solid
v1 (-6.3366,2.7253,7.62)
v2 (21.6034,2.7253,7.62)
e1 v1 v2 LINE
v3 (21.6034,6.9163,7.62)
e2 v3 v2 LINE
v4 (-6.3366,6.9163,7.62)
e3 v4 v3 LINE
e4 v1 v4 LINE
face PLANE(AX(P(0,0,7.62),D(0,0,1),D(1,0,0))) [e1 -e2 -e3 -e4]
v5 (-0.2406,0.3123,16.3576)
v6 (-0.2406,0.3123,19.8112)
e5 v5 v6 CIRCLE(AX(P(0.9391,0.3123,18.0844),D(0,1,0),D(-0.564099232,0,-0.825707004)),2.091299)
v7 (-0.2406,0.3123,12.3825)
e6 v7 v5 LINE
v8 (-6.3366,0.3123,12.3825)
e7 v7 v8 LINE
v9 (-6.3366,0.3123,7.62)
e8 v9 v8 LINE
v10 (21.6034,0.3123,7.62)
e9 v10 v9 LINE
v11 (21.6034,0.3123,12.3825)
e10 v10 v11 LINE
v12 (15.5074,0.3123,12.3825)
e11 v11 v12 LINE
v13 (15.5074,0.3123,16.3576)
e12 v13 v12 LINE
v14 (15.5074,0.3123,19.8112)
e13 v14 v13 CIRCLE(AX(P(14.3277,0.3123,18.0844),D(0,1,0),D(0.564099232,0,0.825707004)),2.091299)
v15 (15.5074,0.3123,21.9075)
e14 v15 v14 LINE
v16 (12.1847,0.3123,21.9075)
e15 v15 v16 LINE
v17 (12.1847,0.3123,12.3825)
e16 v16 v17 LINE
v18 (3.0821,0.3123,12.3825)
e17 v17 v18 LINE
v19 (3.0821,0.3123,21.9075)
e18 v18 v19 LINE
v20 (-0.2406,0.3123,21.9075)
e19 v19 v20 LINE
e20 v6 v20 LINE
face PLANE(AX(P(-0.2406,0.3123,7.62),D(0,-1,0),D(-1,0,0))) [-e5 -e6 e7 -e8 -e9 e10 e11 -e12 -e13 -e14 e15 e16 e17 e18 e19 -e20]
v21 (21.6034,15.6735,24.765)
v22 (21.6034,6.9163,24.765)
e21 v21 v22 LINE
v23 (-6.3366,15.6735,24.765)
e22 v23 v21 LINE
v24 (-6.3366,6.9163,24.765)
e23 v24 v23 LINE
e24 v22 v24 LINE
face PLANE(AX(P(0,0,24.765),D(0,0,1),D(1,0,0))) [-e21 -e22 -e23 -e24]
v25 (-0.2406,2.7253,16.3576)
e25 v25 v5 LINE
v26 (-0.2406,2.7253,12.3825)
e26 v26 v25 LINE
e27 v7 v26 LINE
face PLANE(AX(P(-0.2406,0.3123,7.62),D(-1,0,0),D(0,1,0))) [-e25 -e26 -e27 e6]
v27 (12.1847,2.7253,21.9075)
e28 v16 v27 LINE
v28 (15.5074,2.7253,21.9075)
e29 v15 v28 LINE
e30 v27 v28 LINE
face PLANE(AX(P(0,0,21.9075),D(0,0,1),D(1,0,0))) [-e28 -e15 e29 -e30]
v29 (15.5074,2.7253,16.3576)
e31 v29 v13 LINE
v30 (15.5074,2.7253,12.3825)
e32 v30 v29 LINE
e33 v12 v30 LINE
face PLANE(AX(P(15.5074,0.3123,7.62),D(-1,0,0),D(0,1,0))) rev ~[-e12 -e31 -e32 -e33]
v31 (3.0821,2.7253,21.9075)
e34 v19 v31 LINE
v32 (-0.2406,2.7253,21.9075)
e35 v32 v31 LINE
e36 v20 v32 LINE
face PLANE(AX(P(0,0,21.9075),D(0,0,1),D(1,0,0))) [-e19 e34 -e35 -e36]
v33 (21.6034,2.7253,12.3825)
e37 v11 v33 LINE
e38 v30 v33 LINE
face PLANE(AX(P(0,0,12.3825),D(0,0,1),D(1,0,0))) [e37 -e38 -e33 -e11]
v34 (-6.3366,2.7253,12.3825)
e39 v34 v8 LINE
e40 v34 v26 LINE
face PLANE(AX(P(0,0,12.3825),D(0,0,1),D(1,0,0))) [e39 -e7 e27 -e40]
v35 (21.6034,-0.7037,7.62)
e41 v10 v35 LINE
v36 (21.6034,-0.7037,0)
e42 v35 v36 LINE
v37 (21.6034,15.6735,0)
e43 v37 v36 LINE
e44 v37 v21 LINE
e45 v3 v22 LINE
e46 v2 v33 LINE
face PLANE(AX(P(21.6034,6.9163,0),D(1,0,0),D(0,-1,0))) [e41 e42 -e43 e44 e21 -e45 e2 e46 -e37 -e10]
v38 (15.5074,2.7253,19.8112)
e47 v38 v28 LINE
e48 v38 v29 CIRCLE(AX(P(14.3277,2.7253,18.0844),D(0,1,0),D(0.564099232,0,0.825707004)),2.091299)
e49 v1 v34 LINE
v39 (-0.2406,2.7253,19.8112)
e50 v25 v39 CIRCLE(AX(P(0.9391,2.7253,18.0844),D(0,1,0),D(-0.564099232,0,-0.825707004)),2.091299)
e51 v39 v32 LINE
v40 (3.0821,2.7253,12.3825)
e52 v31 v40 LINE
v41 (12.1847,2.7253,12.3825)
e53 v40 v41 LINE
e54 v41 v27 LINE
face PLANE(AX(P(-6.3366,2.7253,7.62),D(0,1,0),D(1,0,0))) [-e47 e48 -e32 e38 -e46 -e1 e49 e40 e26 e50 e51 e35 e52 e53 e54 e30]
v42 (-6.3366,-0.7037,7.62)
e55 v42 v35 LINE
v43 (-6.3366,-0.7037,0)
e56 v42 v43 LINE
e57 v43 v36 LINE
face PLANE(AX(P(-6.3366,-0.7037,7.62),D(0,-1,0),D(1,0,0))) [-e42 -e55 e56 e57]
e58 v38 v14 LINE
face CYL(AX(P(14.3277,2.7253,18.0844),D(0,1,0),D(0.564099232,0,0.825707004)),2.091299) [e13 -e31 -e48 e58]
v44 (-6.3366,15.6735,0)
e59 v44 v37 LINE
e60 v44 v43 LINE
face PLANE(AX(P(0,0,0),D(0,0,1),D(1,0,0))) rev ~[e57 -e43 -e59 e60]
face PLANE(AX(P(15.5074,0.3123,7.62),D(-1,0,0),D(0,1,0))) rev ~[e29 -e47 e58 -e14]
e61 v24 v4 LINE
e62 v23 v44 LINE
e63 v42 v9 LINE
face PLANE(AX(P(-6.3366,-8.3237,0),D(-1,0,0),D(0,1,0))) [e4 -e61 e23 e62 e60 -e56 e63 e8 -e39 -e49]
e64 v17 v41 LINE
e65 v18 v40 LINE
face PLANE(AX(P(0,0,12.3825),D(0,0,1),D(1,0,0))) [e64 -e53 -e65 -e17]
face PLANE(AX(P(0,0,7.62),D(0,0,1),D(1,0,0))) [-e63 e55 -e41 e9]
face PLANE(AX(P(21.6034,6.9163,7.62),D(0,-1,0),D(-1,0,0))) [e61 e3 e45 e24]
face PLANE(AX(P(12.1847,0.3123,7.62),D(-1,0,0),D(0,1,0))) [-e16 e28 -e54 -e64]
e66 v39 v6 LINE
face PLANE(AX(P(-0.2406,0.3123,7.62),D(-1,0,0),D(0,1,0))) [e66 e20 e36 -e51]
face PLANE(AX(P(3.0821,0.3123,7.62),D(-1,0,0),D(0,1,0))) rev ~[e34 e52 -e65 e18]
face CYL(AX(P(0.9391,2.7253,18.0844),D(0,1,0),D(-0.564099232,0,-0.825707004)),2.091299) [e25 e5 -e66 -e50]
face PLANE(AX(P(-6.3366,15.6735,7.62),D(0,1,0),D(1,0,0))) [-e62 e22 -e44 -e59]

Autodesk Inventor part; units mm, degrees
ref_plane "YZ Plane" through (0, 0, 0) normal (1, 0, 0) x (0, 1, 0)
ref_plane "XZ Plane" through (0, 0, 0) normal (0, 1, 0) x (-1, 0, 0)
ref_plane "XY Plane" through (0, 0, 0) normal (0, 0, 1) x (1, 0, 0)
sketch "Sketch1" plane through (0, 0, 0) normal (0, 0, 1) x (1, 0, 0)
  line L0 (-6.3366, 6.9163) -> (21.6034, 6.9163)
  line L1 (21.6034, 6.9163) -> (21.6034, -8.3237)
  line L2 (21.6034, -8.3237) -> (-6.3366, -8.3237)
  line L3 (-6.3366, -8.3237) -> (-6.3366, 6.9163)
  point P0 (0, 0)
  dimension "d0" = 27.94
  dimension "d1" = 15.24
extrude "Extrusion1" add sketch "Sketch1" along normal blind 7.62
sketch "Sketch2" plane through (0, 0, 7.62) normal (0, 0, 1) x (1, 0, 0)
  line L0 (-6.3366, 6.9163) -> (-6.3366, -8.3237) projected
  line L1 (21.6034, -8.3237) -> (21.6034, 6.9163) projected
  line L2 (21.6034, 0.3123) -> (21.6034, 2.7253)
  line L3 (-6.3366, 2.7253) -> (-6.3366, 0.3123)
  line L4 (21.6034, 6.9163) -> (-6.3366, 6.9163) projected
  line L5 (-6.3366, -8.3237) -> (21.6034, -8.3237) projected
  line L6 (0.9631, 2.7253) -> (-0.2406, 2.7253)
  line L7 (-0.2406, 0.3123) -> (0.9631, 0.3123)
  line L8 (-0.2406, 0.3123) -> (-0.2406, 2.7253)
  line L9 (-0.2406, 0.3123) -> (3.0821, 0.3123)
  line L10 (3.0821, 0.3123) -> (3.0821, 2.7253)
  line L11 (3.0821, 2.7253) -> (-0.2406, 2.7253)
  line L12 (-0.2406, 2.7253) -> (-0.2406, 0.3123)
  line L13 (14.3038, 2.7253) -> (15.5074, 2.7253)
  line L14 (15.5074, 0.3123) -> (14.3038, 0.3123)
  line L15 (15.5074, 0.3123) -> (15.5074, 2.7253)
  line L16 (15.5074, 0.3123) -> (12.1847, 0.3123)
  line L17 (12.1847, 0.3123) -> (12.1847, 2.7253)
  line L18 (12.1847, 2.7253) -> (15.5074, 2.7253)
  line L19 (15.5074, 2.7253) -> (15.5074, 0.3123)
  line L20 (-6.3366, -0.7037) -> (21.6034, -0.7037)
  line L21 (-6.3366, 2.7253) -> (21.6034, 2.7253)
  line L22 (21.6034, 2.7253) -> (21.6034, 0.3123)
  line L23 (21.6034, 0.3123) -> (-6.3366, 0.3123)
  line L24 (-6.3366, 0.3123) -> (-6.3366, 2.7253)
  point P0 (0, 0)
  point P1 (-0.2406, 1.5188)
  point P2 (15.2669, 0)
  point P3 (15.5074, 1.5188)
  dimension "d6" = 6.096
extrude "Extrusion2" add sketch "Sketch2" along normal blind 8.7376 contours L6 L11 L10 L9 L7 L8 | L15 L14 L16 L17 L18 L13
sketch "Sketch3" plane through (-0.2406, 2.7253, 7.62) normal (0, 1, 0) x (1, 0, 0)
  line L0 (3.3227, -8.7376) -> (0, -8.7376) projected
  line L1 (3.3227, -8.7376) -> (0, -8.7376)
  line L2 (-6.096, 7.62) -> (21.844, 7.62) projected
  line L3 (3.3227, -11.3552) -> (3.3227, -8.7376)
  line L4 (12.4253, -8.7376) -> (15.748, -8.7376)
  line L5 (12.4253, -8.7376) -> (15.748, -8.7376)
  line L6 (12.4253, -11.3552) -> (12.4253, -8.7376)
  line L7 (15.748, 0) -> (15.748, -8.7376) projected
  arc A0 (15.748, -12.1912) -> (15.748, -8.7376) centre (14.5683, -10.4644) ccw
  line L8 (15.748, -12.1912) -> (12.4253, -12.1912)
  line L9 (12.4253, -12.1912) -> (12.4253, -8.7376)
  line L10 (3.3227, -8.7376) -> (0, -8.7376)
  line L11 (3.3227, -8.7376) -> (0, -8.7376)
  line L12 (3.3227, -11.3552) -> (3.3227, -8.7376)
  arc A1 (0, -8.7376) -> (0, -12.1912) centre (1.1797, -10.4644) ccw
  line L13 (0, -12.1912) -> (3.3227, -12.1912)
  line L14 (3.3227, -12.1912) -> (3.3227, -8.7376)
  point P0 (0.2406, 7.62)
  point P1 (3.0718, -11.3552)
extrude "Extrusion4" add sketch "Sketch2" along normal blind 14.2875 contours L6 L11 L10 L9 L7 L8 | L15 L14 L16 L17 L18 L13
sketch "Sketch4" plane through (-6.3366, 6.9163, 0) normal (0, 1, 0) x (1, 0, 0)
  point P0 (6.3366, 0)
sketch "Sketch5" plane through (0, 0, 7.62) normal (0, 0, 1) x (1, 0, 0)
  line L0 (21.6034, 6.9163) -> (-6.3366, 6.9163) projected
  line L1 (-6.3366, 15.6735) -> (21.6034, 15.6735)
  line L2 (21.6034, 15.6735) -> (21.6034, 6.9163)
  line L3 (21.6034, 6.9163) -> (-6.3366, 6.9163)
  line L4 (-6.3366, 6.9163) -> (-6.3366, 15.6735)
  point P0 (0, 0)
extrude "Extrusion5" add sketch "Sketch5" along normal blind 17.145 and the other way blind 7.62
extrude "Extrusion6" cut sketch "Sketch2" against normal blind 25.4 contours L20 L1 L5 L0
extrude "Extrusion7" add sketch "Sketch2" along normal blind 4.7625 contours L21 L8 L23 L0 | L1 L23 L15 L21 | L21 L17 L23 L10
extrude "Extrusion8" add sketch "Sketch3" against normal up to surface (2.413 mm away)
properties part number "Attachment3"
